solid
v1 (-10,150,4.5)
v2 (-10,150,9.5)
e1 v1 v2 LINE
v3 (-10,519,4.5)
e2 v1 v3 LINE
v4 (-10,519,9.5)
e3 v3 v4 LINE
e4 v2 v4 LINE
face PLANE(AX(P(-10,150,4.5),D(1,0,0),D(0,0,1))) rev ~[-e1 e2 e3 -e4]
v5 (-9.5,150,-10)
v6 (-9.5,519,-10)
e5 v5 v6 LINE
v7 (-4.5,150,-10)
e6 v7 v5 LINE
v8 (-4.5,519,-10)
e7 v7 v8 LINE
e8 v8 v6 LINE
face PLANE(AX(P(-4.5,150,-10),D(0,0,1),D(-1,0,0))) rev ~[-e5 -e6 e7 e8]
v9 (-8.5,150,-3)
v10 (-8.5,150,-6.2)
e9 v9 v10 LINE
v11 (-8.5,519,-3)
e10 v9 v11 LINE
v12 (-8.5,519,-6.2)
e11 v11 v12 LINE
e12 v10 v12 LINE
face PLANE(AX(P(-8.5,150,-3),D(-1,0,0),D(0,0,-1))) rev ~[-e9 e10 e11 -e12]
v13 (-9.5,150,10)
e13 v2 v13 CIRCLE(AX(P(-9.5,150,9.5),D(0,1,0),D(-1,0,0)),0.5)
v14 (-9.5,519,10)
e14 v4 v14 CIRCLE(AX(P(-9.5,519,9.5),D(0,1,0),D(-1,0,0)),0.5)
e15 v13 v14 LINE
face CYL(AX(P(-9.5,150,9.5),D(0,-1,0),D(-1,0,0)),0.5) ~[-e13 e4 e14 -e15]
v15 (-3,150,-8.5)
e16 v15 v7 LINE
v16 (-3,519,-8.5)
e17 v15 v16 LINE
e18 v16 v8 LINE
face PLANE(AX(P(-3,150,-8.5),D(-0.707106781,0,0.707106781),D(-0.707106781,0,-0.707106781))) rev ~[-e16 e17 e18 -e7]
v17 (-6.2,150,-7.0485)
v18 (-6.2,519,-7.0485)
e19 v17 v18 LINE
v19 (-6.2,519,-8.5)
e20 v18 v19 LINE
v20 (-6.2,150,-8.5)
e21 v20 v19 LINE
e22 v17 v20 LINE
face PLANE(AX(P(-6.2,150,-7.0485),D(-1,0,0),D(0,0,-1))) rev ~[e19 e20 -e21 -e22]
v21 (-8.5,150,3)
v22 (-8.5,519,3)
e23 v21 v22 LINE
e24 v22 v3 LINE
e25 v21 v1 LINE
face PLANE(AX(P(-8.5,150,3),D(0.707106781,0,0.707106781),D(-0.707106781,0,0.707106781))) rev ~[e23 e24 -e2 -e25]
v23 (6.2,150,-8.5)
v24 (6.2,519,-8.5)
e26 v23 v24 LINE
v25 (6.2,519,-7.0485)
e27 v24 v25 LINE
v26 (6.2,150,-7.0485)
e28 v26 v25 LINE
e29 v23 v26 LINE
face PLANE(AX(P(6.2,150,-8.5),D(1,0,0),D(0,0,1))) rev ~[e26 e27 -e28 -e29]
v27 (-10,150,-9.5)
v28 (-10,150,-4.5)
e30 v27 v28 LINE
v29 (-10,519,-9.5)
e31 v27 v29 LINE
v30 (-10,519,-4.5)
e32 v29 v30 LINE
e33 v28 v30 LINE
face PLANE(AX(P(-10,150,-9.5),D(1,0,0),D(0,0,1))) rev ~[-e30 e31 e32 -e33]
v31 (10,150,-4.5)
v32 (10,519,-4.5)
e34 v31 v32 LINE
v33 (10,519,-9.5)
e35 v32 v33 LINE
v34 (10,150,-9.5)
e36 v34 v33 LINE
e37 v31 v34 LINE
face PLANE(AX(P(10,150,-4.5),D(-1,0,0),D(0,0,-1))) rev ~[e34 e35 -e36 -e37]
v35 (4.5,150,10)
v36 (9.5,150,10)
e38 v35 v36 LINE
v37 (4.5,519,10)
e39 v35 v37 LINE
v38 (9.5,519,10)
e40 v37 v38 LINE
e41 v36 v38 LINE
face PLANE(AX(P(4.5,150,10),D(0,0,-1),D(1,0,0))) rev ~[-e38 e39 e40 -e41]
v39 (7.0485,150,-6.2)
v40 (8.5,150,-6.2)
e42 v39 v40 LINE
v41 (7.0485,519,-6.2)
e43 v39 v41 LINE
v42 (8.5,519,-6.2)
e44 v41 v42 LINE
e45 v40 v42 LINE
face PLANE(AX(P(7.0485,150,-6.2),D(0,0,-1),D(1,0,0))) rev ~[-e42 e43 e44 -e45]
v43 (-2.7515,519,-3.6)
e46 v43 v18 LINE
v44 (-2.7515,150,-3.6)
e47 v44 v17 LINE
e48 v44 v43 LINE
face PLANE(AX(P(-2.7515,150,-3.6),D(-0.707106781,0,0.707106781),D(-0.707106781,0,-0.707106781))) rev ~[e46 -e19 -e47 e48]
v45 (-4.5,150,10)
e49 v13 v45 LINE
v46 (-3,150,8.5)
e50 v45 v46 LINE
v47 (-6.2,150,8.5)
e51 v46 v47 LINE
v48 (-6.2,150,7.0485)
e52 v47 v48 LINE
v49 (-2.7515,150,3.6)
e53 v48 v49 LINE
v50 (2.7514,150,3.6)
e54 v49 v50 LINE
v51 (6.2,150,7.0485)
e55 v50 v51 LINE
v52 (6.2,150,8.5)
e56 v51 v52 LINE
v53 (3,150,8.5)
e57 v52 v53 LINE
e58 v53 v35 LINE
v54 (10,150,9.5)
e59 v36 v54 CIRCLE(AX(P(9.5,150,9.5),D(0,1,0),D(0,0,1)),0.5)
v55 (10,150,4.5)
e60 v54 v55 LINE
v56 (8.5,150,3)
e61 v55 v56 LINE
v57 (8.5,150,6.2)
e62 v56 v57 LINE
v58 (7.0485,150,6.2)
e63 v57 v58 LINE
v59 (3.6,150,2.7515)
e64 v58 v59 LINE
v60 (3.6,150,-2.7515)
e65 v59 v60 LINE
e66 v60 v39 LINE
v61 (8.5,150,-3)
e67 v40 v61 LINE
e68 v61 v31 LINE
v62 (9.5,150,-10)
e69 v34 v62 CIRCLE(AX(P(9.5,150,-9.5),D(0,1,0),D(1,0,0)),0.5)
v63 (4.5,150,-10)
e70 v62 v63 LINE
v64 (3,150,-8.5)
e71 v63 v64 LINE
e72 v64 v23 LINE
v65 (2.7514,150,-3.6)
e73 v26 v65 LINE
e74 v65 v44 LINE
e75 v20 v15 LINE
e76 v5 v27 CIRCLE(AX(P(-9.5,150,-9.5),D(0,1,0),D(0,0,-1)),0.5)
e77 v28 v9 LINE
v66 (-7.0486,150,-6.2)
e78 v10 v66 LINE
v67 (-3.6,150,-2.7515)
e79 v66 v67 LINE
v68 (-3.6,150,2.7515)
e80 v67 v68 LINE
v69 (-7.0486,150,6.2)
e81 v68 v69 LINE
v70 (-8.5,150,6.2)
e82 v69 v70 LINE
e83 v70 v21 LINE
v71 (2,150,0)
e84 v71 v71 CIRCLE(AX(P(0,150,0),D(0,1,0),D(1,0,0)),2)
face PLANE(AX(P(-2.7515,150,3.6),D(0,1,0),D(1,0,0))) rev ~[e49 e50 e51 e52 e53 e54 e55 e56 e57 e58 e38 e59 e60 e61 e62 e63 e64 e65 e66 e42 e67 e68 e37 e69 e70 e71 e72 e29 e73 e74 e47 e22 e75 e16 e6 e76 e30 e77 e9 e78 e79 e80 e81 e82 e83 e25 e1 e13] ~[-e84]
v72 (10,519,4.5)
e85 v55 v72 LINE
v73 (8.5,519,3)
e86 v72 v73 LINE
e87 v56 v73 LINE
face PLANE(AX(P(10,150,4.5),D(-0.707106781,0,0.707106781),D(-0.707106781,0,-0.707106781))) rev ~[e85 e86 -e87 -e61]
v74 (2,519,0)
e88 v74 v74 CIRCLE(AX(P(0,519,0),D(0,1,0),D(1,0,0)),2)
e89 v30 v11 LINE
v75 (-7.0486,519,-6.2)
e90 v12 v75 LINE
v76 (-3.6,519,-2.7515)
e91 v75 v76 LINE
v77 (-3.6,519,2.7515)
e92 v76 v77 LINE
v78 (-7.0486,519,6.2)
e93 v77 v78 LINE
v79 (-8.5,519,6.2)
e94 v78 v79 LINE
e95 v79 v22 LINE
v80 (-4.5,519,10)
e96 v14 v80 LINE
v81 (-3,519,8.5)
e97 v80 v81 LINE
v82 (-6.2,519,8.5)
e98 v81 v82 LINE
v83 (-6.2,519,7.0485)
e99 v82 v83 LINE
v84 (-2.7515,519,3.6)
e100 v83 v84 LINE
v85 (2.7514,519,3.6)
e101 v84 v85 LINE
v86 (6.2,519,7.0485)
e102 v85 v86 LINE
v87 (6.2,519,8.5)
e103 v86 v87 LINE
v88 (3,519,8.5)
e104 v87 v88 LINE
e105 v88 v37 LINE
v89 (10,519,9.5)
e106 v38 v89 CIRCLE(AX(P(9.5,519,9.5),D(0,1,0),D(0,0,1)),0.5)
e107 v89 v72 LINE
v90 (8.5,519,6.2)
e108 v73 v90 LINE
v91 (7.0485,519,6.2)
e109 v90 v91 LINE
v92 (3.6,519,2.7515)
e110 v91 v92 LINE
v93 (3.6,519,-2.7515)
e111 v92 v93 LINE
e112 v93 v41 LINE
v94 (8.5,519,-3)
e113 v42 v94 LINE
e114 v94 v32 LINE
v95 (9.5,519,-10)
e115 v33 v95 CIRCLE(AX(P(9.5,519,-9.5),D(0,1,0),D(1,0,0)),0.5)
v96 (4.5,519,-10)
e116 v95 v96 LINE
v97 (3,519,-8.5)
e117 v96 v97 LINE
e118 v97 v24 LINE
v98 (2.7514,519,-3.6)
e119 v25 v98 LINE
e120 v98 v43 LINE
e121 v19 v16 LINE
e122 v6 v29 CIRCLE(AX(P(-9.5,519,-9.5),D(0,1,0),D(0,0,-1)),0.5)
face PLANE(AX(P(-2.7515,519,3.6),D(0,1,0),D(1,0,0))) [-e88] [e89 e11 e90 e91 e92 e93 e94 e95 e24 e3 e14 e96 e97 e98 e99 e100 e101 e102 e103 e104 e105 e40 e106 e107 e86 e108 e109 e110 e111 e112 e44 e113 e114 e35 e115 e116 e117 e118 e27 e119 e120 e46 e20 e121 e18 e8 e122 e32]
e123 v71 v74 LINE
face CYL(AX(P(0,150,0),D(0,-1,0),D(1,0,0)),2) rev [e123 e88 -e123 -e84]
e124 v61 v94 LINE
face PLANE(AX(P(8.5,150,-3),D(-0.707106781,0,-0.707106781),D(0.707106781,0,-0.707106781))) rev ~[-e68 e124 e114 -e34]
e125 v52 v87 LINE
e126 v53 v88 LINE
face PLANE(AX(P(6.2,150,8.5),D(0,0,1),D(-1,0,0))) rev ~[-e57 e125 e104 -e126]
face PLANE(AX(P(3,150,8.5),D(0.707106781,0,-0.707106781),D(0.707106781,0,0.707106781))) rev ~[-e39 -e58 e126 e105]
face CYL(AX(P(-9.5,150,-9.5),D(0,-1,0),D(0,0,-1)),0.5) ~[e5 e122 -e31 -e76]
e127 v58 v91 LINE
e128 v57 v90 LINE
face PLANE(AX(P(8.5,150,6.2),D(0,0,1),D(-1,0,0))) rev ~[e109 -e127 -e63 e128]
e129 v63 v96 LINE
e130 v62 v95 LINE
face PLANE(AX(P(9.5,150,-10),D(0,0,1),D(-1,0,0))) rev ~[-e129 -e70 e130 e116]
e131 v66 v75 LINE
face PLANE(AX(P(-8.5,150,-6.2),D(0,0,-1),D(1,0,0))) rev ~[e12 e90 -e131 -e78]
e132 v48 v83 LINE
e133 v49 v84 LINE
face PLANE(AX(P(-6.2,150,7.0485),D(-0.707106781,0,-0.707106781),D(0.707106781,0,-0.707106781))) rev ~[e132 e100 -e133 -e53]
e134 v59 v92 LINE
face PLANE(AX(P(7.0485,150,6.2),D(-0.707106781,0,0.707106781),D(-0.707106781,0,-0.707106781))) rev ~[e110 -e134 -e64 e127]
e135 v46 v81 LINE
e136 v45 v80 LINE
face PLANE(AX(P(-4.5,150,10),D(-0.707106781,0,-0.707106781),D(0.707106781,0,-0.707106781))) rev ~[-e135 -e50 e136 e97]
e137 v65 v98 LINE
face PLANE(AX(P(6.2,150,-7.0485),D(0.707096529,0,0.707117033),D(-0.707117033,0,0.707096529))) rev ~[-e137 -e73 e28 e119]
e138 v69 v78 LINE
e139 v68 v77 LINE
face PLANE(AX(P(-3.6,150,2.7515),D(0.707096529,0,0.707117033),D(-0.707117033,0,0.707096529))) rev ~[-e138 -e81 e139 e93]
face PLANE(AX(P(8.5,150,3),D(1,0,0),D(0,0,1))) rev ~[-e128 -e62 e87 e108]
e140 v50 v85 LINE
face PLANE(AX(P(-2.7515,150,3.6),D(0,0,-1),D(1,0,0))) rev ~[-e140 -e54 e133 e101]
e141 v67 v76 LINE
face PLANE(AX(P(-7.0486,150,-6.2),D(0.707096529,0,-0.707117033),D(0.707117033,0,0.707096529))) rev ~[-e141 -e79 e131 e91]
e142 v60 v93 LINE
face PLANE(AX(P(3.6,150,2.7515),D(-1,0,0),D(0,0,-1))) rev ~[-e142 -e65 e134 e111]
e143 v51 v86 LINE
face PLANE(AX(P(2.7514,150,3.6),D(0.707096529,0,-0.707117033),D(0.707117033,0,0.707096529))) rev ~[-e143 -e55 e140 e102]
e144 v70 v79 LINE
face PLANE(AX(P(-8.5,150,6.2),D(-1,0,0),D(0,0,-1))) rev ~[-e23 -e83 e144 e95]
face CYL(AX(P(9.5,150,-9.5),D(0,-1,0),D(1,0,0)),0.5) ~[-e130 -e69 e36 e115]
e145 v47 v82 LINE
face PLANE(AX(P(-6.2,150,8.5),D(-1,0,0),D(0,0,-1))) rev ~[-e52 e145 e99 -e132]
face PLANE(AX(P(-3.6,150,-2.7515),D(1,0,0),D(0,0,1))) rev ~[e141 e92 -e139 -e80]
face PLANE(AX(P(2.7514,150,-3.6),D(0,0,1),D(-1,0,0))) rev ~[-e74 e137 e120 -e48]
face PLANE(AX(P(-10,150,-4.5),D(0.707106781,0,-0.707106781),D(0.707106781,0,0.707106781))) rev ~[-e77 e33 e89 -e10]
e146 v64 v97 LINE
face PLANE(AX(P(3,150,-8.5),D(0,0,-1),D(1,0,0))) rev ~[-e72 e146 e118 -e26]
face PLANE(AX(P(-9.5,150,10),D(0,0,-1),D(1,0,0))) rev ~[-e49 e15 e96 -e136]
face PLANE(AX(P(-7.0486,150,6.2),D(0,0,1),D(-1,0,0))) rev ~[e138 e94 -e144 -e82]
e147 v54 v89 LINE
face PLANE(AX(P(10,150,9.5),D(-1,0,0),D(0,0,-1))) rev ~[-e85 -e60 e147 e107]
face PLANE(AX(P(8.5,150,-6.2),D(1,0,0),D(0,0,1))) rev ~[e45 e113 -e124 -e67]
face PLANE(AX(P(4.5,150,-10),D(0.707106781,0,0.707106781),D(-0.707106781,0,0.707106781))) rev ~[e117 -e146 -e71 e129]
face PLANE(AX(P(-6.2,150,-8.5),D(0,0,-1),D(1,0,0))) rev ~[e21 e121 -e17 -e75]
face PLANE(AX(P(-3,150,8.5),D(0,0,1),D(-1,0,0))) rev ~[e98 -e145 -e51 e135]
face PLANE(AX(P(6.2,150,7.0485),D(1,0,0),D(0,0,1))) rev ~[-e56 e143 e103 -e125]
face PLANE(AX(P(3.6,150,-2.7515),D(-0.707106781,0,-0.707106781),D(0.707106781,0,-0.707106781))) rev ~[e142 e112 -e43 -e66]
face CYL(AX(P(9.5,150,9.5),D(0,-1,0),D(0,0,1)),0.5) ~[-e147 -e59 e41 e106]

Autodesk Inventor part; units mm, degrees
ref_plane "YZ Plane" through (0, 0, 0) normal (1, 0, 0) x (0, 1, 0)
ref_plane "XZ Plane" through (0, 0, 0) normal (0, 1, 0) x (-1, 0, 0)
ref_plane "Work Plane1" through (-2.7515, 150, 3.6) normal (0, 1, 0) x (1, 0, 0)
sketch "Sketch1" plane through (-2.7515, 150, 3.6) normal (0, 1, 0) x (1, 0, 0)
  arc A0 (-6.7485, 13.6) -> (-7.2485, 13.1) centre (-6.7485, 13.1) ccw projected
  line L0 (-7.2485, 13.1) -> (-7.2485, 8.1) projected
  line L1 (-7.2485, 8.1) -> (-5.7485, 6.6) projected
  line L2 (-5.7485, 6.6) -> (-5.7485, 9.8) projected
  line L3 (-5.7485, 9.8) -> (-4.2971, 9.8) projected
  line L4 (-4.2971, 9.8) -> (-0.8485, 6.3515) projected
  line L5 (-0.8485, 6.3515) -> (-0.8485, 0.8485) projected
  line L6 (-0.8485, 0.8485) -> (-4.2971, -2.6) projected
  line L7 (-4.2971, -2.6) -> (-5.7485, -2.6) projected
  line L8 (-5.7485, -2.6) -> (-5.7485, 0.6) projected
  line L9 (-5.7485, 0.6) -> (-7.2485, -0.9) projected
  line L10 (-7.2485, -0.9) -> (-7.2485, -5.9) projected
  arc A1 (-7.2485, -5.9) -> (-6.7485, -6.4) centre (-6.7485, -5.9) ccw projected
  line L11 (-6.7485, -6.4) -> (-1.7485, -6.4) projected
  line L12 (-1.7485, -6.4) -> (-0.2485, -4.9) projected
  line L13 (-0.2485, -4.9) -> (-3.4485, -4.9) projected
  line L14 (-3.4485, -4.9) -> (-3.4485, -3.4485) projected
  line L15 (-3.4485, -3.4485) -> (0, 0) projected
  line L16 (0, 0) -> (5.5029, 0) projected
  line L17 (5.5029, 0) -> (8.9515, -3.4485) projected
  line L18 (8.9515, -3.4485) -> (8.9515, -4.9) projected
  line L19 (8.9515, -4.9) -> (5.7515, -4.9) projected
  line L20 (5.7515, -4.9) -> (7.2515, -6.4) projected
  line L21 (7.2515, -6.4) -> (12.2515, -6.4) projected
  arc A2 (12.2515, -6.4) -> (12.7515, -5.9) centre (12.2515, -5.9) ccw projected
  line L22 (12.7515, -5.9) -> (12.7515, -0.9) projected
  line L23 (12.7515, -0.9) -> (11.2515, 0.6) projected
  line L24 (11.2515, 0.6) -> (11.2515, -2.6) projected
  line L25 (11.2515, -2.6) -> (9.8, -2.6) projected
  line L26 (9.8, -2.6) -> (6.3515, 0.8485) projected
  line L27 (6.3515, 0.8485) -> (6.3515, 6.3515) projected
  line L28 (6.3515, 6.3515) -> (9.8, 9.8) projected
  line L29 (9.8, 9.8) -> (11.2515, 9.8) projected
  line L30 (11.2515, 9.8) -> (11.2515, 6.6) projected
  line L31 (11.2515, 6.6) -> (12.7515, 8.1) projected
  line L32 (12.7515, 8.1) -> (12.7515, 13.1) projected
  arc A3 (12.7515, 13.1) -> (12.2515, 13.6) centre (12.2515, 13.1) ccw projected
  line L33 (12.2515, 13.6) -> (7.2515, 13.6) projected
  line L34 (7.2515, 13.6) -> (5.7515, 12.1) projected
  line L35 (5.7515, 12.1) -> (8.9515, 12.1) projected
  line L36 (8.9515, 12.1) -> (8.9515, 10.6485) projected
  line L37 (8.9515, 10.6485) -> (5.5029, 7.2) projected
  line L38 (5.5029, 7.2) -> (0, 7.2) projected
  line L39 (0, 7.2) -> (-3.4485, 10.6485) projected
  line L40 (-3.4485, 10.6485) -> (-3.4485, 12.1) projected
  line L41 (-3.4485, 12.1) -> (-0.2485, 12.1) projected
  line L42 (-0.2485, 12.1) -> (-1.7485, 13.6) projected
  line L43 (-1.7485, 13.6) -> (-6.7485, 13.6) projected
  circle A4 centre (2.7515, 3.6) radius 2 projected
extrude "Extrusion1" add sketch "Sketch1" along normal blind 369
ref_plane "Work Plane2" through (0, 150, -9.5) normal (1, 0, 0) x (0, 0, -1)
properties part number "20x20mmx150mm alminum profile" material "Aluminum 6061"
